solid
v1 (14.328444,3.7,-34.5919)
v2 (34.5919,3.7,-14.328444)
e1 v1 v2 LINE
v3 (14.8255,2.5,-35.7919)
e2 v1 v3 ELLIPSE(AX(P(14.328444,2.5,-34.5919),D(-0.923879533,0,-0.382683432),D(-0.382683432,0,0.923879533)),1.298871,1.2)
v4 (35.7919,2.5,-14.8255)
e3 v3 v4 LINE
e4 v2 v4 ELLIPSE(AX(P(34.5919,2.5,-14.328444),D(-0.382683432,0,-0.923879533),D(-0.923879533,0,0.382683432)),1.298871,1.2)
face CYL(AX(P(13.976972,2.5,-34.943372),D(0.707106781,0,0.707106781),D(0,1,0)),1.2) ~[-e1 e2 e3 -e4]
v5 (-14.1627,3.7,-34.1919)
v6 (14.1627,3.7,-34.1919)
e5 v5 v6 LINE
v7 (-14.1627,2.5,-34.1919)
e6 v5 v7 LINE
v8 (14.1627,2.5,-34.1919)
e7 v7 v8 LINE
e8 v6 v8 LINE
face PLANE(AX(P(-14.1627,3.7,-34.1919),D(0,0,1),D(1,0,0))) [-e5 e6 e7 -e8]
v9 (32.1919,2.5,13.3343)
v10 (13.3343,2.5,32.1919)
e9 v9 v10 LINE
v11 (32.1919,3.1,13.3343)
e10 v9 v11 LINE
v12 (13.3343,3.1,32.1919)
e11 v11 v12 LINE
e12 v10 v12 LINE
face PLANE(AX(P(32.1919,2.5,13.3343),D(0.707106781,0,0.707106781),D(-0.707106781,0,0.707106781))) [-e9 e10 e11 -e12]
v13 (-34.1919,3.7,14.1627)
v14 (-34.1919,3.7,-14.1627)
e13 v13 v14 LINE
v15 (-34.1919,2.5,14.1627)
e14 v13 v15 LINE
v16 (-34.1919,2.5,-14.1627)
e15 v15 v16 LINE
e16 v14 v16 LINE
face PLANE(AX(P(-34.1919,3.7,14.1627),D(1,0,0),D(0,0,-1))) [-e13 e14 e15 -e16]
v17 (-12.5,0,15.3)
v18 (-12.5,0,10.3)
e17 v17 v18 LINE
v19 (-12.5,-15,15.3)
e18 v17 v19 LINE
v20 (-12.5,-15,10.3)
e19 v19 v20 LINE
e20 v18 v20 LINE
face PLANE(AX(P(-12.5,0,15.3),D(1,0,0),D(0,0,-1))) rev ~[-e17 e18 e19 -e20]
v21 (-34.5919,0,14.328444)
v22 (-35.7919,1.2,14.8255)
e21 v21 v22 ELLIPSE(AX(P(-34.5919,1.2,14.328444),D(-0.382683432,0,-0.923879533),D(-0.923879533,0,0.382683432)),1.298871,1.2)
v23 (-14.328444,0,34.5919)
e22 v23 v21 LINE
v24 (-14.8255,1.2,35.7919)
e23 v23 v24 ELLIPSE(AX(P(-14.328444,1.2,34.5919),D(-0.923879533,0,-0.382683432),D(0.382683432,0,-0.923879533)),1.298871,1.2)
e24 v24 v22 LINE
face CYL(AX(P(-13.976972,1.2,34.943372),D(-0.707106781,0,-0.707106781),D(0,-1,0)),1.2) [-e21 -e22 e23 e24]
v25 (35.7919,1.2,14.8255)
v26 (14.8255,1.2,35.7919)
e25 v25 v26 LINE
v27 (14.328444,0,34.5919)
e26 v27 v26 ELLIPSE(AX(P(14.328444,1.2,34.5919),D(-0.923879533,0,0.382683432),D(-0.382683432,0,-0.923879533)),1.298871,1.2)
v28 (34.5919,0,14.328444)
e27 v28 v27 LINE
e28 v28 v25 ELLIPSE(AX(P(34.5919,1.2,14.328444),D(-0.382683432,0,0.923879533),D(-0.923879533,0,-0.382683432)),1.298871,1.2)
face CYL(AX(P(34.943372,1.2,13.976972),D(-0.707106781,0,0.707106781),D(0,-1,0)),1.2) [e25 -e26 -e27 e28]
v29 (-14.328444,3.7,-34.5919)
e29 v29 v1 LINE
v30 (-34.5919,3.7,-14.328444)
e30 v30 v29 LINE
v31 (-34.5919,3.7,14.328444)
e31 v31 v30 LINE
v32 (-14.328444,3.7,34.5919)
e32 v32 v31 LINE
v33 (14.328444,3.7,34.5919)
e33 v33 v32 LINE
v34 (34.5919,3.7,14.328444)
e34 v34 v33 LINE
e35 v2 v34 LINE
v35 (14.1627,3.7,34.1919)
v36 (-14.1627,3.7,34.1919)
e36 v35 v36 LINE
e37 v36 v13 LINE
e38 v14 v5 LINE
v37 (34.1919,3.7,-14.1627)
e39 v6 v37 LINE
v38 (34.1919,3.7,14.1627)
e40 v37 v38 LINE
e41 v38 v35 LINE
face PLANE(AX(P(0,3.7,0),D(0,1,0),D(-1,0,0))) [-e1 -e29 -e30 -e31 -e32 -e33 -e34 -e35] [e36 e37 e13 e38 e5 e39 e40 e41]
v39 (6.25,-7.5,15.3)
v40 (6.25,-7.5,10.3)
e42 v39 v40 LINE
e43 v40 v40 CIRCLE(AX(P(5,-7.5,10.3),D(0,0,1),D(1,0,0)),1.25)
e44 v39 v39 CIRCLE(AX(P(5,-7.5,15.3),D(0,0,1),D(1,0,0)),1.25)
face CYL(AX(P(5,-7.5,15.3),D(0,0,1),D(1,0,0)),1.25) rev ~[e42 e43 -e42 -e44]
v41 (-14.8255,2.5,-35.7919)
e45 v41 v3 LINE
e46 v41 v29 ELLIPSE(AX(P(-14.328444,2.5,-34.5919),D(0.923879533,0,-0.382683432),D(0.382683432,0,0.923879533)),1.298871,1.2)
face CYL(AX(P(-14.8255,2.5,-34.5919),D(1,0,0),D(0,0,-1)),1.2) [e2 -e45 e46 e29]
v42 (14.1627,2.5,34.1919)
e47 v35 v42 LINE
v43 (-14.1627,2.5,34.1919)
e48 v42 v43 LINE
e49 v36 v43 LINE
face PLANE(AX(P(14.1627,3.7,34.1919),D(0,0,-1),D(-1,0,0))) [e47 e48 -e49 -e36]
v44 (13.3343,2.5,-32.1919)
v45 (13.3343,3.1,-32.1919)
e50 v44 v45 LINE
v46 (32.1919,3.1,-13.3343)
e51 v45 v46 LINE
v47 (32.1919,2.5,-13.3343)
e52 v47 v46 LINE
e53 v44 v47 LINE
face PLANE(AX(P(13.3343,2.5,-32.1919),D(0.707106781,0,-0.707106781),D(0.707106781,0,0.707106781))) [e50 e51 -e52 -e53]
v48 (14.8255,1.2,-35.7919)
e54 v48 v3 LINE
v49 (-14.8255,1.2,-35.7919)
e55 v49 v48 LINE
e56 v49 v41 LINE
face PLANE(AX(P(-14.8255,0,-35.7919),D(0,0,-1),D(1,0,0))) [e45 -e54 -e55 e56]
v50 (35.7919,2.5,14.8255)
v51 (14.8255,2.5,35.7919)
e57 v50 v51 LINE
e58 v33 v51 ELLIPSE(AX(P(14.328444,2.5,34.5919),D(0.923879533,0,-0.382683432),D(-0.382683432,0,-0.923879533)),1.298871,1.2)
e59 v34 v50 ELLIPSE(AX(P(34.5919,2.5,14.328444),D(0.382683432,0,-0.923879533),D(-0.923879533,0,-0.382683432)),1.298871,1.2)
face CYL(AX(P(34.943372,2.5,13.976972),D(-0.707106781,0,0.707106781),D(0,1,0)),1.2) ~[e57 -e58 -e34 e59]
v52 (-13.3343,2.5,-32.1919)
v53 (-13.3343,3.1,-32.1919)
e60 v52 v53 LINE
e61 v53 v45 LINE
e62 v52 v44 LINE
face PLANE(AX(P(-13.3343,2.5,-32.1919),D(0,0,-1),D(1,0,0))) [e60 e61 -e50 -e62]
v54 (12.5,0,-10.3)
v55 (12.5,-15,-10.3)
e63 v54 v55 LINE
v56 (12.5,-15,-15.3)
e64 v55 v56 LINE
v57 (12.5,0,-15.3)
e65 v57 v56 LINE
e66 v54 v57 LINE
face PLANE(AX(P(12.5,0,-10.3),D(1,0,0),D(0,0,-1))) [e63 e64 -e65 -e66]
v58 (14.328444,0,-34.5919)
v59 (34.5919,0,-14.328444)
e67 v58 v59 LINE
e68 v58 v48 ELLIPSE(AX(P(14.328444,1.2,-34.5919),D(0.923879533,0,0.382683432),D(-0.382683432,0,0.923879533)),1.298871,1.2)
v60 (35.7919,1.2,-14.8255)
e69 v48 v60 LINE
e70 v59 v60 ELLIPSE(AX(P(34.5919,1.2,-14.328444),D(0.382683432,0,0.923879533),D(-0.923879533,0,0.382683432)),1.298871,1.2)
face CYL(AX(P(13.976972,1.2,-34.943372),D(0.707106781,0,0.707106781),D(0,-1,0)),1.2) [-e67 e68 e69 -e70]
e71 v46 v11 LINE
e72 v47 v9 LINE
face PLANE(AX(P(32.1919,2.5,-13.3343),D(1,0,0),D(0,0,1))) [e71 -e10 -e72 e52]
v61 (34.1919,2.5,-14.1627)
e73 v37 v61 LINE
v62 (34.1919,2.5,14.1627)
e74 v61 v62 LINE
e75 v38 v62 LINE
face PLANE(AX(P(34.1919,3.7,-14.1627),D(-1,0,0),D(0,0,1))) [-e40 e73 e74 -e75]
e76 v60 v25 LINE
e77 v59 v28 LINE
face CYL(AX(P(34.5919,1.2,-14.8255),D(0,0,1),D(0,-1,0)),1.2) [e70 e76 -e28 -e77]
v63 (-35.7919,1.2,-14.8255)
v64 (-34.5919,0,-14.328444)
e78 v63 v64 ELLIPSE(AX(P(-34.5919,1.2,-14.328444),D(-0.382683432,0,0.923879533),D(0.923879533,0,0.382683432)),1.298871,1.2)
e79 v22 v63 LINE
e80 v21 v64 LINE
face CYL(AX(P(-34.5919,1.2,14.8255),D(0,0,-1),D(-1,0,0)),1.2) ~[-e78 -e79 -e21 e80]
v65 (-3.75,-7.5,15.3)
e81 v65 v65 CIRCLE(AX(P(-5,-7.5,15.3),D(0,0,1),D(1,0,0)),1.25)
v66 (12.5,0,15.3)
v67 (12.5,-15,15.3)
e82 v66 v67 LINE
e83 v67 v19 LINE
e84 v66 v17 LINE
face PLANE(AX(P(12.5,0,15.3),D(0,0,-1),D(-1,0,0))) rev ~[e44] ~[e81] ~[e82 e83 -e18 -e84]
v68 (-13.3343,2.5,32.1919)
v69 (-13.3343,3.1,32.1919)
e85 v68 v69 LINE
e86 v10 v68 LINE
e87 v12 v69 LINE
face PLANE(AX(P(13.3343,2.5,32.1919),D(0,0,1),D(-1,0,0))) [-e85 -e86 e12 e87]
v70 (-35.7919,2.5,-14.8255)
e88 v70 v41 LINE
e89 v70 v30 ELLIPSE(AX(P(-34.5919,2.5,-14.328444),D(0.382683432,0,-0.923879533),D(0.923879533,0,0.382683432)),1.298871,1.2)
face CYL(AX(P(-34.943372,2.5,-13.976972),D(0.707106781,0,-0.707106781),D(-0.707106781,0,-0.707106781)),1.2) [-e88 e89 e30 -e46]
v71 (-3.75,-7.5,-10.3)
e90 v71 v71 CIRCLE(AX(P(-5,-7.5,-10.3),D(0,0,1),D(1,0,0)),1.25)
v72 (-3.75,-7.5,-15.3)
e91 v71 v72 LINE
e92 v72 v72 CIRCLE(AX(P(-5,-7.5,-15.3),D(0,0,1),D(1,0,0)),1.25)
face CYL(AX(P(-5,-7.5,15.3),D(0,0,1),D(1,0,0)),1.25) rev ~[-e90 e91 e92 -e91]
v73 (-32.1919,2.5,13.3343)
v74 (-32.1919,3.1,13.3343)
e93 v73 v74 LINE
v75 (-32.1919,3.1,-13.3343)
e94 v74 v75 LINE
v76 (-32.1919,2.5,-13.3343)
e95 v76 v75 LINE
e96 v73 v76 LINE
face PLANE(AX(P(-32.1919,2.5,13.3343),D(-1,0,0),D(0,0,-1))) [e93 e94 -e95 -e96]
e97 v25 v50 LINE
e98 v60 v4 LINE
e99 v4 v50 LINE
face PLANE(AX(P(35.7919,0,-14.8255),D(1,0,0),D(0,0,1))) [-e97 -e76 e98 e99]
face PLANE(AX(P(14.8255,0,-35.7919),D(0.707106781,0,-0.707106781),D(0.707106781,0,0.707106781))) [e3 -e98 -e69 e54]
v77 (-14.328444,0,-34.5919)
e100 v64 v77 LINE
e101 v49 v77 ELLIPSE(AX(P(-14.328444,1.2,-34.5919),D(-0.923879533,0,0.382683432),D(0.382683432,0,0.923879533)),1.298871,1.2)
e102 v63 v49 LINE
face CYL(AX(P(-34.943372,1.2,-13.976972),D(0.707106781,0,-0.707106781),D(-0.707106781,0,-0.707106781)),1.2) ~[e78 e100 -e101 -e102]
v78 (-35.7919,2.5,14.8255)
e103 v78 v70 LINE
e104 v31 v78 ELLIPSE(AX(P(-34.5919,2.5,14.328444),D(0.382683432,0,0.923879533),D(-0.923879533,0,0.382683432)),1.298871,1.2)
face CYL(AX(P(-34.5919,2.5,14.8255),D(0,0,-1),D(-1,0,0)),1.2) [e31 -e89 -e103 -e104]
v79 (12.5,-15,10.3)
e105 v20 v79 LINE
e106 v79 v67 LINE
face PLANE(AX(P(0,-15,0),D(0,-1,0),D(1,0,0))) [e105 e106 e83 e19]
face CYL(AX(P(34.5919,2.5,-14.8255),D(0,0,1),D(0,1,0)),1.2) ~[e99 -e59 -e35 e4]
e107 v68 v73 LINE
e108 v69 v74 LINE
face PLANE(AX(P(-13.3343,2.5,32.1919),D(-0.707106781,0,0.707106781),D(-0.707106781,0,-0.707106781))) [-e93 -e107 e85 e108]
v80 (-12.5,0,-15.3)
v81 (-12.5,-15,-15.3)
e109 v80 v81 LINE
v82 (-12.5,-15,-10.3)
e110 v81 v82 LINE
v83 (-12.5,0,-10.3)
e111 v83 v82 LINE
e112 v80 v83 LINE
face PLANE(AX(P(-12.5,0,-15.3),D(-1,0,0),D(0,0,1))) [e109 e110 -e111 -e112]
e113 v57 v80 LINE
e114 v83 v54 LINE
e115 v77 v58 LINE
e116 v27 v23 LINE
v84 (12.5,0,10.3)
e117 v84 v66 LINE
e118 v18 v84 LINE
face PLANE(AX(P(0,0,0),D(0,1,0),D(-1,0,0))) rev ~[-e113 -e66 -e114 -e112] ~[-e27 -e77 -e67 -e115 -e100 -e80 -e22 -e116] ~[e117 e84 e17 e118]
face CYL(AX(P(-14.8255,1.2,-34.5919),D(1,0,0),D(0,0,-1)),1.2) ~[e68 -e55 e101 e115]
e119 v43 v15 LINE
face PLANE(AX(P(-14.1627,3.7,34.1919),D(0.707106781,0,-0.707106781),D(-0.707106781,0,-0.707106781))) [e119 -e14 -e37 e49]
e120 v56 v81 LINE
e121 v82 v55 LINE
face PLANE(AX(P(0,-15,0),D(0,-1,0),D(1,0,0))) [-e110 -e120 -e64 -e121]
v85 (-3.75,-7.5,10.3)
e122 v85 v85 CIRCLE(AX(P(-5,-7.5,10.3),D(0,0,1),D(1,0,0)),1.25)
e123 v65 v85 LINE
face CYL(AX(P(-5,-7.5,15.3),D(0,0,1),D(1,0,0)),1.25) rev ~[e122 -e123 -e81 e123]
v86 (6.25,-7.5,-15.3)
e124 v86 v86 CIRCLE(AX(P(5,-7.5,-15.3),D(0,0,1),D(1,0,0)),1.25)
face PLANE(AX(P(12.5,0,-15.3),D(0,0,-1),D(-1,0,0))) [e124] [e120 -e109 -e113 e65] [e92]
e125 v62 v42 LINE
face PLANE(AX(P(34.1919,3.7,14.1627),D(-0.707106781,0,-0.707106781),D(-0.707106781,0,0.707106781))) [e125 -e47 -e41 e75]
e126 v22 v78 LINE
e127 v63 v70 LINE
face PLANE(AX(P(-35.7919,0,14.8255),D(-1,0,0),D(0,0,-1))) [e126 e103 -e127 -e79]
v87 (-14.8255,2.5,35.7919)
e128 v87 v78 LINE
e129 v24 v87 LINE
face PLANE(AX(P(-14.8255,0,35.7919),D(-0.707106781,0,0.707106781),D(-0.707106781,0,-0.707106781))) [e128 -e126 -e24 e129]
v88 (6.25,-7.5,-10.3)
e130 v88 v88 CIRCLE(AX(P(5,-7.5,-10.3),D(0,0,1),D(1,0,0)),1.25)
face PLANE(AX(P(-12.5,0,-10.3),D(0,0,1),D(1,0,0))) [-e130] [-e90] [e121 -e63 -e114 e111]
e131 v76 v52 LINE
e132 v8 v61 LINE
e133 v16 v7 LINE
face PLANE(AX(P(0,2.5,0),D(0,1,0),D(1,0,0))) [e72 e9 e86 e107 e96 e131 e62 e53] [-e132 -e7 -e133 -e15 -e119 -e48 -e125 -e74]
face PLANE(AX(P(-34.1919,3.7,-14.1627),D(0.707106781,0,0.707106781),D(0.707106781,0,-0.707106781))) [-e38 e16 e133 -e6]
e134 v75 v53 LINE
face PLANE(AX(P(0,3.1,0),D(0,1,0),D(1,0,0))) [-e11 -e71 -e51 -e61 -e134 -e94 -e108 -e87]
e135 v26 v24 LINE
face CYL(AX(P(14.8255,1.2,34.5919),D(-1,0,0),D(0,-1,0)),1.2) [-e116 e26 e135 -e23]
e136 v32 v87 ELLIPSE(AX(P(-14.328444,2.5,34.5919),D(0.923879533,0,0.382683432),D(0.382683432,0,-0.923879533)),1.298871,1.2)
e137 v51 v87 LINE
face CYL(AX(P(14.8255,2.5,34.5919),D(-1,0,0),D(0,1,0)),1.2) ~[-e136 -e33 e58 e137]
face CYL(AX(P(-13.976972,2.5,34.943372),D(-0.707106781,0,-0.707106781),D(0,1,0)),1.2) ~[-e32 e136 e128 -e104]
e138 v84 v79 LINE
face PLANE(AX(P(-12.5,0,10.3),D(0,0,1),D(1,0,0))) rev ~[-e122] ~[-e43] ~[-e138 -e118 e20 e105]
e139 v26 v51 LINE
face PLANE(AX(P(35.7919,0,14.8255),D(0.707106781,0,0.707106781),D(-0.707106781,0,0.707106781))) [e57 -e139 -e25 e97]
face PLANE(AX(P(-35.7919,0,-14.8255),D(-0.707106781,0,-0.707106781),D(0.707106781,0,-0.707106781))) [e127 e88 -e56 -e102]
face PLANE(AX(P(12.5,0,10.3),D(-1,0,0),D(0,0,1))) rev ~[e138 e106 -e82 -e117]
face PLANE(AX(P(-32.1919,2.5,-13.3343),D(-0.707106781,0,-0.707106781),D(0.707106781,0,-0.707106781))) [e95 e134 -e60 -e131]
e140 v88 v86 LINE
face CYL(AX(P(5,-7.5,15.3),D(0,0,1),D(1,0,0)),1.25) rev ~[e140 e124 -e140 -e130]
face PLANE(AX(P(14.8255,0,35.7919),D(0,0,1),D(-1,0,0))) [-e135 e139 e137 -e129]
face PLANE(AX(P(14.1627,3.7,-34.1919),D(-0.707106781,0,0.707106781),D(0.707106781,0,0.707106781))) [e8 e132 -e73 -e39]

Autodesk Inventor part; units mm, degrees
ref_plane "YZ Plane" through (0, 0, 0) normal (1, 0, 0) x (0, 1, 0)
ref_plane "XZ Plane" through (0, 0, 0) normal (0, 1, 0) x (-1, 0, 0)
ref_plane "XY Plane" through (0, 0, 0) normal (0, 0, 1) x (1, 0, 0)
sketch "스케치3" plane through (0, 0, 0) normal (0, 1, 0) x (-1, 0, 0)
  line L0 (35.7919, -14.8255) -> (14.8255, -35.7919)
  line L1 (14.8255, -35.7919) -> (-14.8255, -35.7919)
  line L2 (-14.8255, -35.7919) -> (-35.7919, -14.8255)
  line L3 (-35.7919, -14.8255) -> (-35.7919, 14.8255)
  line L4 (-35.7919, 14.8255) -> (-14.8255, 35.7919)
  line L5 (-14.8255, 35.7919) -> (14.8255, 35.7919)
  line L6 (14.8255, 35.7919) -> (35.7919, 14.8255)
  line L7 (35.7919, 14.8255) -> (35.7919, -14.8255)
  line L8 (13.5, -32.5919) -> (-13.5, -32.5919)
  line L9 (-13.5, -32.5919) -> (-32.5919, -13.5)
  line L10 (-32.5919, -13.5) -> (-32.5919, 13.5)
  line L11 (-32.5919, 13.5) -> (-13.5, 32.5919)
  line L12 (-13.5, 32.5919) -> (13.5, 32.5919)
  line L13 (13.5, 32.5919) -> (32.5919, 13.5)
  line L14 (32.5919, 13.5) -> (32.5919, -13.5)
  line L15 (32.5919, -13.5) -> (13.5, -32.5919)
  point P0 (0, 0)
  point P1 (0, 0)
  point P2 (0, 0)
  point P3 (0, 0)
  dimension "d66" = 27
  dimension "d67" = 3.2
extrude "돌출2" add sketch "스케치3" along normal blind 3.7 contours L0 L1 L2 L3 L4 L5 L6 L7 | L8 L9 L10 L11 L12 L13 L14 L15
sketch "스케치4" plane through (0, 3.7, 0) normal (0, 1, 0) x (1, 0, 0)
  line L0 (13.5, -32.5919) -> (-13.5, -32.5919)
  line L1 (-13.5, -32.5919) -> (-32.5919, -13.5)
  line L2 (-32.5919, -13.5) -> (-32.5919, 13.5)
  line L3 (-32.5919, 13.5) -> (-13.5, 32.5919)
  line L4 (-13.5, 32.5919) -> (13.5, 32.5919)
  line L5 (13.5, 32.5919) -> (32.5919, 13.5)
  line L6 (32.5919, 13.5) -> (32.5919, -13.5)
  line L7 (32.5919, -13.5) -> (13.5, -32.5919)
  line L8 (-14.1627, 34.1919) -> (14.1627, 34.1919)
  line L9 (14.1627, 34.1919) -> (34.1919, 14.1627)
  line L10 (34.1919, 14.1627) -> (34.1919, -14.1627)
  line L11 (34.1919, -14.1627) -> (14.1627, -34.1919)
  line L12 (14.1627, -34.1919) -> (-14.1627, -34.1919)
  line L13 (-14.1627, -34.1919) -> (-34.1919, -14.1627)
  line L14 (-34.1919, -14.1627) -> (-34.1919, 14.1627)
  line L15 (-34.1919, 14.1627) -> (-14.1627, 34.1919)
  line L16 (-13.3343, 32.1919) -> (13.3343, 32.1919)
  line L17 (13.3343, 32.1919) -> (32.1919, 13.3343)
  line L18 (32.1919, 13.3343) -> (32.1919, -13.3343)
  line L19 (32.1919, -13.3343) -> (13.3343, -32.1919)
  line L20 (13.3343, -32.1919) -> (-13.3343, -32.1919)
  line L21 (-13.3343, -32.1919) -> (-32.1919, -13.3343)
  line L22 (-32.1919, -13.3343) -> (-32.1919, 13.3343)
  line L23 (-32.1919, 13.3343) -> (-13.3343, 32.1919)
  line L24 (-14.8255, 35.7919) -> (-35.7919, 14.8255) projected
  point P0 (0, 0)
  point P1 (0, 0)
  point P2 (0, 0)
  point P3 (0, 0)
  dimension "d7" = 27
  dimension "d99" = 1.6
  dimension "d100" = 2
extrude "돌출3" cut sketch "스케치4" against normal blind 1.2 contours L0 L1 L2 L3 L4 L5 L6 L7 | L8 L9 L10 L11 L12 L13 L14 L15 | L16 L17 L18 L19 L20 L21 L22 L23
sketch "스케치11" plane through (0, 2.5, 0) normal (0, 1, 0) x (1, 0, 0)
  line L0 (-13.3343, 32.1919) -> (13.3343, 32.1919)
  line L1 (13.3343, 32.1919) -> (32.1919, 13.3343)
  line L2 (32.1919, 13.3343) -> (32.1919, -13.3343)
  line L3 (32.1919, -13.3343) -> (13.3343, -32.1919)
  line L4 (13.3343, -32.1919) -> (-13.3343, -32.1919)
  line L5 (-13.3343, -32.1919) -> (-32.1919, -13.3343)
  line L6 (-32.1919, -13.3343) -> (-32.1919, 13.3343)
  line L7 (-32.1919, 13.3343) -> (-13.3343, 32.1919)
  line L8 (-14.1627, 34.1919) -> (14.1627, 34.1919) projected
  line L9 (-12.0917, 29.1919) -> (12.0917, 29.1919)
  line L10 (12.0917, 29.1919) -> (29.1919, 12.0917)
  line L11 (29.1919, 12.0917) -> (29.1919, -12.0917)
  line L12 (29.1919, -12.0917) -> (12.0917, -29.1919)
  line L13 (12.0917, -29.1919) -> (-12.0917, -29.1919)
  line L14 (-12.0917, -29.1919) -> (-29.1919, -12.0917)
  line L15 (-29.1919, -12.0917) -> (-29.1919, 12.0917)
  line L16 (-29.1919, 12.0917) -> (-12.0917, 29.1919)
  point P0 (0, 0)
  point P1 (0, 0)
  point P2 (0, 0)
  dimension "d70" = 2
  dimension "d71" = 3
extrude "돌출10" add sketch "스케치11" along normal blind 0.6 contours L0 L1 L2 L3 L4 L5 L6 L7 | L9 L10 L11 L12 L13 L14 L15 L16
fillet "모깎기1" radius 1.2 16 edges at (-25.3087, 3.7, 25.3087) (0, 3.7, 35.7919) (25.3087, 3.7, 25.3087) (35.7919, 3.7, 0) (25.3087, 3.7, -25.3087) (0, 3.7, -35.7919) (-25.3087, 3.7, -25.3087) (-35.7919, 3.7, 0) (-25.3087, 0, 25.3087) (0, 0, 35.7919) (25.3087, 0, 25.3087) (35.7919, 0, 0) (25.3087, 0, -25.3087) (0, 0, -35.7919) (-25.3087, 0, -25.3087) (-35.7919, 0, 0)
sketch "스케치16" plane through (0, 0, 0) normal (0, -1, 0) x (1, 0, 0)
  line L0 (-12.5, 10.3) -> (12.5, 10.3)
  line L1 (12.5, 10.3) -> (12.5, 15.3)
  line L2 (12.5, 15.3) -> (-12.5, 15.3)
  line L3 (-12.5, 15.3) -> (-12.5, 10.3)
  line L4 (-12.5, 10.3) -> (12.5, 15.3) construction
  line L5 (12.5, 10.3) -> (-12.5, 15.3) construction
  line L6 (0, 0) -> (12.5, 0)
  line L7 (-12.5, -10.3) -> (12.5, -10.3)
  line L8 (12.5, -10.3) -> (12.5, -15.3)
  line L9 (12.5, -15.3) -> (-12.5, -15.3)
  line L10 (-12.5, -15.3) -> (-12.5, -10.3)
  line L11 (-12.5, -10.3) -> (12.5, -15.3) construction
  line L12 (12.5, -10.3) -> (-12.5, -15.3) construction
  point P0 (0, 12.8)
  point P1 (0, 10.3)
  point P2 (0, -12.8)
  point P3 (0, -10.3)
  dimension "d127" = 5
  dimension "d128" = 25
  dimension "d129" = 10.3
extrude "돌출12" add sketch "스케치16" along normal blind 15
sketch "스케치17" plane through (-12.5, 0, 15.3) normal (0, 0, 1) x (1, 0, 0)
  circle A0 centre (7.5, -7.5) radius 1.25
  line L0 (-1.8284, 0) -> (26.8284, 0) projected
  line L1 (12.5, 0) -> (12.5, -5.2723)
  circle A1 centre (17.5, -7.5) radius 1.25
  point P0 (12.5, 0)
  dimension "d132" = 2.5
  dimension "d136" = 7.5
  dimension "d137" = 5
extrude "돌출13" cut sketch "스케치17" against normal up to surface (30.6 mm away)
equation "\"d115\" = 55deg"
properties part number "OV-PAM_bottom_2"
